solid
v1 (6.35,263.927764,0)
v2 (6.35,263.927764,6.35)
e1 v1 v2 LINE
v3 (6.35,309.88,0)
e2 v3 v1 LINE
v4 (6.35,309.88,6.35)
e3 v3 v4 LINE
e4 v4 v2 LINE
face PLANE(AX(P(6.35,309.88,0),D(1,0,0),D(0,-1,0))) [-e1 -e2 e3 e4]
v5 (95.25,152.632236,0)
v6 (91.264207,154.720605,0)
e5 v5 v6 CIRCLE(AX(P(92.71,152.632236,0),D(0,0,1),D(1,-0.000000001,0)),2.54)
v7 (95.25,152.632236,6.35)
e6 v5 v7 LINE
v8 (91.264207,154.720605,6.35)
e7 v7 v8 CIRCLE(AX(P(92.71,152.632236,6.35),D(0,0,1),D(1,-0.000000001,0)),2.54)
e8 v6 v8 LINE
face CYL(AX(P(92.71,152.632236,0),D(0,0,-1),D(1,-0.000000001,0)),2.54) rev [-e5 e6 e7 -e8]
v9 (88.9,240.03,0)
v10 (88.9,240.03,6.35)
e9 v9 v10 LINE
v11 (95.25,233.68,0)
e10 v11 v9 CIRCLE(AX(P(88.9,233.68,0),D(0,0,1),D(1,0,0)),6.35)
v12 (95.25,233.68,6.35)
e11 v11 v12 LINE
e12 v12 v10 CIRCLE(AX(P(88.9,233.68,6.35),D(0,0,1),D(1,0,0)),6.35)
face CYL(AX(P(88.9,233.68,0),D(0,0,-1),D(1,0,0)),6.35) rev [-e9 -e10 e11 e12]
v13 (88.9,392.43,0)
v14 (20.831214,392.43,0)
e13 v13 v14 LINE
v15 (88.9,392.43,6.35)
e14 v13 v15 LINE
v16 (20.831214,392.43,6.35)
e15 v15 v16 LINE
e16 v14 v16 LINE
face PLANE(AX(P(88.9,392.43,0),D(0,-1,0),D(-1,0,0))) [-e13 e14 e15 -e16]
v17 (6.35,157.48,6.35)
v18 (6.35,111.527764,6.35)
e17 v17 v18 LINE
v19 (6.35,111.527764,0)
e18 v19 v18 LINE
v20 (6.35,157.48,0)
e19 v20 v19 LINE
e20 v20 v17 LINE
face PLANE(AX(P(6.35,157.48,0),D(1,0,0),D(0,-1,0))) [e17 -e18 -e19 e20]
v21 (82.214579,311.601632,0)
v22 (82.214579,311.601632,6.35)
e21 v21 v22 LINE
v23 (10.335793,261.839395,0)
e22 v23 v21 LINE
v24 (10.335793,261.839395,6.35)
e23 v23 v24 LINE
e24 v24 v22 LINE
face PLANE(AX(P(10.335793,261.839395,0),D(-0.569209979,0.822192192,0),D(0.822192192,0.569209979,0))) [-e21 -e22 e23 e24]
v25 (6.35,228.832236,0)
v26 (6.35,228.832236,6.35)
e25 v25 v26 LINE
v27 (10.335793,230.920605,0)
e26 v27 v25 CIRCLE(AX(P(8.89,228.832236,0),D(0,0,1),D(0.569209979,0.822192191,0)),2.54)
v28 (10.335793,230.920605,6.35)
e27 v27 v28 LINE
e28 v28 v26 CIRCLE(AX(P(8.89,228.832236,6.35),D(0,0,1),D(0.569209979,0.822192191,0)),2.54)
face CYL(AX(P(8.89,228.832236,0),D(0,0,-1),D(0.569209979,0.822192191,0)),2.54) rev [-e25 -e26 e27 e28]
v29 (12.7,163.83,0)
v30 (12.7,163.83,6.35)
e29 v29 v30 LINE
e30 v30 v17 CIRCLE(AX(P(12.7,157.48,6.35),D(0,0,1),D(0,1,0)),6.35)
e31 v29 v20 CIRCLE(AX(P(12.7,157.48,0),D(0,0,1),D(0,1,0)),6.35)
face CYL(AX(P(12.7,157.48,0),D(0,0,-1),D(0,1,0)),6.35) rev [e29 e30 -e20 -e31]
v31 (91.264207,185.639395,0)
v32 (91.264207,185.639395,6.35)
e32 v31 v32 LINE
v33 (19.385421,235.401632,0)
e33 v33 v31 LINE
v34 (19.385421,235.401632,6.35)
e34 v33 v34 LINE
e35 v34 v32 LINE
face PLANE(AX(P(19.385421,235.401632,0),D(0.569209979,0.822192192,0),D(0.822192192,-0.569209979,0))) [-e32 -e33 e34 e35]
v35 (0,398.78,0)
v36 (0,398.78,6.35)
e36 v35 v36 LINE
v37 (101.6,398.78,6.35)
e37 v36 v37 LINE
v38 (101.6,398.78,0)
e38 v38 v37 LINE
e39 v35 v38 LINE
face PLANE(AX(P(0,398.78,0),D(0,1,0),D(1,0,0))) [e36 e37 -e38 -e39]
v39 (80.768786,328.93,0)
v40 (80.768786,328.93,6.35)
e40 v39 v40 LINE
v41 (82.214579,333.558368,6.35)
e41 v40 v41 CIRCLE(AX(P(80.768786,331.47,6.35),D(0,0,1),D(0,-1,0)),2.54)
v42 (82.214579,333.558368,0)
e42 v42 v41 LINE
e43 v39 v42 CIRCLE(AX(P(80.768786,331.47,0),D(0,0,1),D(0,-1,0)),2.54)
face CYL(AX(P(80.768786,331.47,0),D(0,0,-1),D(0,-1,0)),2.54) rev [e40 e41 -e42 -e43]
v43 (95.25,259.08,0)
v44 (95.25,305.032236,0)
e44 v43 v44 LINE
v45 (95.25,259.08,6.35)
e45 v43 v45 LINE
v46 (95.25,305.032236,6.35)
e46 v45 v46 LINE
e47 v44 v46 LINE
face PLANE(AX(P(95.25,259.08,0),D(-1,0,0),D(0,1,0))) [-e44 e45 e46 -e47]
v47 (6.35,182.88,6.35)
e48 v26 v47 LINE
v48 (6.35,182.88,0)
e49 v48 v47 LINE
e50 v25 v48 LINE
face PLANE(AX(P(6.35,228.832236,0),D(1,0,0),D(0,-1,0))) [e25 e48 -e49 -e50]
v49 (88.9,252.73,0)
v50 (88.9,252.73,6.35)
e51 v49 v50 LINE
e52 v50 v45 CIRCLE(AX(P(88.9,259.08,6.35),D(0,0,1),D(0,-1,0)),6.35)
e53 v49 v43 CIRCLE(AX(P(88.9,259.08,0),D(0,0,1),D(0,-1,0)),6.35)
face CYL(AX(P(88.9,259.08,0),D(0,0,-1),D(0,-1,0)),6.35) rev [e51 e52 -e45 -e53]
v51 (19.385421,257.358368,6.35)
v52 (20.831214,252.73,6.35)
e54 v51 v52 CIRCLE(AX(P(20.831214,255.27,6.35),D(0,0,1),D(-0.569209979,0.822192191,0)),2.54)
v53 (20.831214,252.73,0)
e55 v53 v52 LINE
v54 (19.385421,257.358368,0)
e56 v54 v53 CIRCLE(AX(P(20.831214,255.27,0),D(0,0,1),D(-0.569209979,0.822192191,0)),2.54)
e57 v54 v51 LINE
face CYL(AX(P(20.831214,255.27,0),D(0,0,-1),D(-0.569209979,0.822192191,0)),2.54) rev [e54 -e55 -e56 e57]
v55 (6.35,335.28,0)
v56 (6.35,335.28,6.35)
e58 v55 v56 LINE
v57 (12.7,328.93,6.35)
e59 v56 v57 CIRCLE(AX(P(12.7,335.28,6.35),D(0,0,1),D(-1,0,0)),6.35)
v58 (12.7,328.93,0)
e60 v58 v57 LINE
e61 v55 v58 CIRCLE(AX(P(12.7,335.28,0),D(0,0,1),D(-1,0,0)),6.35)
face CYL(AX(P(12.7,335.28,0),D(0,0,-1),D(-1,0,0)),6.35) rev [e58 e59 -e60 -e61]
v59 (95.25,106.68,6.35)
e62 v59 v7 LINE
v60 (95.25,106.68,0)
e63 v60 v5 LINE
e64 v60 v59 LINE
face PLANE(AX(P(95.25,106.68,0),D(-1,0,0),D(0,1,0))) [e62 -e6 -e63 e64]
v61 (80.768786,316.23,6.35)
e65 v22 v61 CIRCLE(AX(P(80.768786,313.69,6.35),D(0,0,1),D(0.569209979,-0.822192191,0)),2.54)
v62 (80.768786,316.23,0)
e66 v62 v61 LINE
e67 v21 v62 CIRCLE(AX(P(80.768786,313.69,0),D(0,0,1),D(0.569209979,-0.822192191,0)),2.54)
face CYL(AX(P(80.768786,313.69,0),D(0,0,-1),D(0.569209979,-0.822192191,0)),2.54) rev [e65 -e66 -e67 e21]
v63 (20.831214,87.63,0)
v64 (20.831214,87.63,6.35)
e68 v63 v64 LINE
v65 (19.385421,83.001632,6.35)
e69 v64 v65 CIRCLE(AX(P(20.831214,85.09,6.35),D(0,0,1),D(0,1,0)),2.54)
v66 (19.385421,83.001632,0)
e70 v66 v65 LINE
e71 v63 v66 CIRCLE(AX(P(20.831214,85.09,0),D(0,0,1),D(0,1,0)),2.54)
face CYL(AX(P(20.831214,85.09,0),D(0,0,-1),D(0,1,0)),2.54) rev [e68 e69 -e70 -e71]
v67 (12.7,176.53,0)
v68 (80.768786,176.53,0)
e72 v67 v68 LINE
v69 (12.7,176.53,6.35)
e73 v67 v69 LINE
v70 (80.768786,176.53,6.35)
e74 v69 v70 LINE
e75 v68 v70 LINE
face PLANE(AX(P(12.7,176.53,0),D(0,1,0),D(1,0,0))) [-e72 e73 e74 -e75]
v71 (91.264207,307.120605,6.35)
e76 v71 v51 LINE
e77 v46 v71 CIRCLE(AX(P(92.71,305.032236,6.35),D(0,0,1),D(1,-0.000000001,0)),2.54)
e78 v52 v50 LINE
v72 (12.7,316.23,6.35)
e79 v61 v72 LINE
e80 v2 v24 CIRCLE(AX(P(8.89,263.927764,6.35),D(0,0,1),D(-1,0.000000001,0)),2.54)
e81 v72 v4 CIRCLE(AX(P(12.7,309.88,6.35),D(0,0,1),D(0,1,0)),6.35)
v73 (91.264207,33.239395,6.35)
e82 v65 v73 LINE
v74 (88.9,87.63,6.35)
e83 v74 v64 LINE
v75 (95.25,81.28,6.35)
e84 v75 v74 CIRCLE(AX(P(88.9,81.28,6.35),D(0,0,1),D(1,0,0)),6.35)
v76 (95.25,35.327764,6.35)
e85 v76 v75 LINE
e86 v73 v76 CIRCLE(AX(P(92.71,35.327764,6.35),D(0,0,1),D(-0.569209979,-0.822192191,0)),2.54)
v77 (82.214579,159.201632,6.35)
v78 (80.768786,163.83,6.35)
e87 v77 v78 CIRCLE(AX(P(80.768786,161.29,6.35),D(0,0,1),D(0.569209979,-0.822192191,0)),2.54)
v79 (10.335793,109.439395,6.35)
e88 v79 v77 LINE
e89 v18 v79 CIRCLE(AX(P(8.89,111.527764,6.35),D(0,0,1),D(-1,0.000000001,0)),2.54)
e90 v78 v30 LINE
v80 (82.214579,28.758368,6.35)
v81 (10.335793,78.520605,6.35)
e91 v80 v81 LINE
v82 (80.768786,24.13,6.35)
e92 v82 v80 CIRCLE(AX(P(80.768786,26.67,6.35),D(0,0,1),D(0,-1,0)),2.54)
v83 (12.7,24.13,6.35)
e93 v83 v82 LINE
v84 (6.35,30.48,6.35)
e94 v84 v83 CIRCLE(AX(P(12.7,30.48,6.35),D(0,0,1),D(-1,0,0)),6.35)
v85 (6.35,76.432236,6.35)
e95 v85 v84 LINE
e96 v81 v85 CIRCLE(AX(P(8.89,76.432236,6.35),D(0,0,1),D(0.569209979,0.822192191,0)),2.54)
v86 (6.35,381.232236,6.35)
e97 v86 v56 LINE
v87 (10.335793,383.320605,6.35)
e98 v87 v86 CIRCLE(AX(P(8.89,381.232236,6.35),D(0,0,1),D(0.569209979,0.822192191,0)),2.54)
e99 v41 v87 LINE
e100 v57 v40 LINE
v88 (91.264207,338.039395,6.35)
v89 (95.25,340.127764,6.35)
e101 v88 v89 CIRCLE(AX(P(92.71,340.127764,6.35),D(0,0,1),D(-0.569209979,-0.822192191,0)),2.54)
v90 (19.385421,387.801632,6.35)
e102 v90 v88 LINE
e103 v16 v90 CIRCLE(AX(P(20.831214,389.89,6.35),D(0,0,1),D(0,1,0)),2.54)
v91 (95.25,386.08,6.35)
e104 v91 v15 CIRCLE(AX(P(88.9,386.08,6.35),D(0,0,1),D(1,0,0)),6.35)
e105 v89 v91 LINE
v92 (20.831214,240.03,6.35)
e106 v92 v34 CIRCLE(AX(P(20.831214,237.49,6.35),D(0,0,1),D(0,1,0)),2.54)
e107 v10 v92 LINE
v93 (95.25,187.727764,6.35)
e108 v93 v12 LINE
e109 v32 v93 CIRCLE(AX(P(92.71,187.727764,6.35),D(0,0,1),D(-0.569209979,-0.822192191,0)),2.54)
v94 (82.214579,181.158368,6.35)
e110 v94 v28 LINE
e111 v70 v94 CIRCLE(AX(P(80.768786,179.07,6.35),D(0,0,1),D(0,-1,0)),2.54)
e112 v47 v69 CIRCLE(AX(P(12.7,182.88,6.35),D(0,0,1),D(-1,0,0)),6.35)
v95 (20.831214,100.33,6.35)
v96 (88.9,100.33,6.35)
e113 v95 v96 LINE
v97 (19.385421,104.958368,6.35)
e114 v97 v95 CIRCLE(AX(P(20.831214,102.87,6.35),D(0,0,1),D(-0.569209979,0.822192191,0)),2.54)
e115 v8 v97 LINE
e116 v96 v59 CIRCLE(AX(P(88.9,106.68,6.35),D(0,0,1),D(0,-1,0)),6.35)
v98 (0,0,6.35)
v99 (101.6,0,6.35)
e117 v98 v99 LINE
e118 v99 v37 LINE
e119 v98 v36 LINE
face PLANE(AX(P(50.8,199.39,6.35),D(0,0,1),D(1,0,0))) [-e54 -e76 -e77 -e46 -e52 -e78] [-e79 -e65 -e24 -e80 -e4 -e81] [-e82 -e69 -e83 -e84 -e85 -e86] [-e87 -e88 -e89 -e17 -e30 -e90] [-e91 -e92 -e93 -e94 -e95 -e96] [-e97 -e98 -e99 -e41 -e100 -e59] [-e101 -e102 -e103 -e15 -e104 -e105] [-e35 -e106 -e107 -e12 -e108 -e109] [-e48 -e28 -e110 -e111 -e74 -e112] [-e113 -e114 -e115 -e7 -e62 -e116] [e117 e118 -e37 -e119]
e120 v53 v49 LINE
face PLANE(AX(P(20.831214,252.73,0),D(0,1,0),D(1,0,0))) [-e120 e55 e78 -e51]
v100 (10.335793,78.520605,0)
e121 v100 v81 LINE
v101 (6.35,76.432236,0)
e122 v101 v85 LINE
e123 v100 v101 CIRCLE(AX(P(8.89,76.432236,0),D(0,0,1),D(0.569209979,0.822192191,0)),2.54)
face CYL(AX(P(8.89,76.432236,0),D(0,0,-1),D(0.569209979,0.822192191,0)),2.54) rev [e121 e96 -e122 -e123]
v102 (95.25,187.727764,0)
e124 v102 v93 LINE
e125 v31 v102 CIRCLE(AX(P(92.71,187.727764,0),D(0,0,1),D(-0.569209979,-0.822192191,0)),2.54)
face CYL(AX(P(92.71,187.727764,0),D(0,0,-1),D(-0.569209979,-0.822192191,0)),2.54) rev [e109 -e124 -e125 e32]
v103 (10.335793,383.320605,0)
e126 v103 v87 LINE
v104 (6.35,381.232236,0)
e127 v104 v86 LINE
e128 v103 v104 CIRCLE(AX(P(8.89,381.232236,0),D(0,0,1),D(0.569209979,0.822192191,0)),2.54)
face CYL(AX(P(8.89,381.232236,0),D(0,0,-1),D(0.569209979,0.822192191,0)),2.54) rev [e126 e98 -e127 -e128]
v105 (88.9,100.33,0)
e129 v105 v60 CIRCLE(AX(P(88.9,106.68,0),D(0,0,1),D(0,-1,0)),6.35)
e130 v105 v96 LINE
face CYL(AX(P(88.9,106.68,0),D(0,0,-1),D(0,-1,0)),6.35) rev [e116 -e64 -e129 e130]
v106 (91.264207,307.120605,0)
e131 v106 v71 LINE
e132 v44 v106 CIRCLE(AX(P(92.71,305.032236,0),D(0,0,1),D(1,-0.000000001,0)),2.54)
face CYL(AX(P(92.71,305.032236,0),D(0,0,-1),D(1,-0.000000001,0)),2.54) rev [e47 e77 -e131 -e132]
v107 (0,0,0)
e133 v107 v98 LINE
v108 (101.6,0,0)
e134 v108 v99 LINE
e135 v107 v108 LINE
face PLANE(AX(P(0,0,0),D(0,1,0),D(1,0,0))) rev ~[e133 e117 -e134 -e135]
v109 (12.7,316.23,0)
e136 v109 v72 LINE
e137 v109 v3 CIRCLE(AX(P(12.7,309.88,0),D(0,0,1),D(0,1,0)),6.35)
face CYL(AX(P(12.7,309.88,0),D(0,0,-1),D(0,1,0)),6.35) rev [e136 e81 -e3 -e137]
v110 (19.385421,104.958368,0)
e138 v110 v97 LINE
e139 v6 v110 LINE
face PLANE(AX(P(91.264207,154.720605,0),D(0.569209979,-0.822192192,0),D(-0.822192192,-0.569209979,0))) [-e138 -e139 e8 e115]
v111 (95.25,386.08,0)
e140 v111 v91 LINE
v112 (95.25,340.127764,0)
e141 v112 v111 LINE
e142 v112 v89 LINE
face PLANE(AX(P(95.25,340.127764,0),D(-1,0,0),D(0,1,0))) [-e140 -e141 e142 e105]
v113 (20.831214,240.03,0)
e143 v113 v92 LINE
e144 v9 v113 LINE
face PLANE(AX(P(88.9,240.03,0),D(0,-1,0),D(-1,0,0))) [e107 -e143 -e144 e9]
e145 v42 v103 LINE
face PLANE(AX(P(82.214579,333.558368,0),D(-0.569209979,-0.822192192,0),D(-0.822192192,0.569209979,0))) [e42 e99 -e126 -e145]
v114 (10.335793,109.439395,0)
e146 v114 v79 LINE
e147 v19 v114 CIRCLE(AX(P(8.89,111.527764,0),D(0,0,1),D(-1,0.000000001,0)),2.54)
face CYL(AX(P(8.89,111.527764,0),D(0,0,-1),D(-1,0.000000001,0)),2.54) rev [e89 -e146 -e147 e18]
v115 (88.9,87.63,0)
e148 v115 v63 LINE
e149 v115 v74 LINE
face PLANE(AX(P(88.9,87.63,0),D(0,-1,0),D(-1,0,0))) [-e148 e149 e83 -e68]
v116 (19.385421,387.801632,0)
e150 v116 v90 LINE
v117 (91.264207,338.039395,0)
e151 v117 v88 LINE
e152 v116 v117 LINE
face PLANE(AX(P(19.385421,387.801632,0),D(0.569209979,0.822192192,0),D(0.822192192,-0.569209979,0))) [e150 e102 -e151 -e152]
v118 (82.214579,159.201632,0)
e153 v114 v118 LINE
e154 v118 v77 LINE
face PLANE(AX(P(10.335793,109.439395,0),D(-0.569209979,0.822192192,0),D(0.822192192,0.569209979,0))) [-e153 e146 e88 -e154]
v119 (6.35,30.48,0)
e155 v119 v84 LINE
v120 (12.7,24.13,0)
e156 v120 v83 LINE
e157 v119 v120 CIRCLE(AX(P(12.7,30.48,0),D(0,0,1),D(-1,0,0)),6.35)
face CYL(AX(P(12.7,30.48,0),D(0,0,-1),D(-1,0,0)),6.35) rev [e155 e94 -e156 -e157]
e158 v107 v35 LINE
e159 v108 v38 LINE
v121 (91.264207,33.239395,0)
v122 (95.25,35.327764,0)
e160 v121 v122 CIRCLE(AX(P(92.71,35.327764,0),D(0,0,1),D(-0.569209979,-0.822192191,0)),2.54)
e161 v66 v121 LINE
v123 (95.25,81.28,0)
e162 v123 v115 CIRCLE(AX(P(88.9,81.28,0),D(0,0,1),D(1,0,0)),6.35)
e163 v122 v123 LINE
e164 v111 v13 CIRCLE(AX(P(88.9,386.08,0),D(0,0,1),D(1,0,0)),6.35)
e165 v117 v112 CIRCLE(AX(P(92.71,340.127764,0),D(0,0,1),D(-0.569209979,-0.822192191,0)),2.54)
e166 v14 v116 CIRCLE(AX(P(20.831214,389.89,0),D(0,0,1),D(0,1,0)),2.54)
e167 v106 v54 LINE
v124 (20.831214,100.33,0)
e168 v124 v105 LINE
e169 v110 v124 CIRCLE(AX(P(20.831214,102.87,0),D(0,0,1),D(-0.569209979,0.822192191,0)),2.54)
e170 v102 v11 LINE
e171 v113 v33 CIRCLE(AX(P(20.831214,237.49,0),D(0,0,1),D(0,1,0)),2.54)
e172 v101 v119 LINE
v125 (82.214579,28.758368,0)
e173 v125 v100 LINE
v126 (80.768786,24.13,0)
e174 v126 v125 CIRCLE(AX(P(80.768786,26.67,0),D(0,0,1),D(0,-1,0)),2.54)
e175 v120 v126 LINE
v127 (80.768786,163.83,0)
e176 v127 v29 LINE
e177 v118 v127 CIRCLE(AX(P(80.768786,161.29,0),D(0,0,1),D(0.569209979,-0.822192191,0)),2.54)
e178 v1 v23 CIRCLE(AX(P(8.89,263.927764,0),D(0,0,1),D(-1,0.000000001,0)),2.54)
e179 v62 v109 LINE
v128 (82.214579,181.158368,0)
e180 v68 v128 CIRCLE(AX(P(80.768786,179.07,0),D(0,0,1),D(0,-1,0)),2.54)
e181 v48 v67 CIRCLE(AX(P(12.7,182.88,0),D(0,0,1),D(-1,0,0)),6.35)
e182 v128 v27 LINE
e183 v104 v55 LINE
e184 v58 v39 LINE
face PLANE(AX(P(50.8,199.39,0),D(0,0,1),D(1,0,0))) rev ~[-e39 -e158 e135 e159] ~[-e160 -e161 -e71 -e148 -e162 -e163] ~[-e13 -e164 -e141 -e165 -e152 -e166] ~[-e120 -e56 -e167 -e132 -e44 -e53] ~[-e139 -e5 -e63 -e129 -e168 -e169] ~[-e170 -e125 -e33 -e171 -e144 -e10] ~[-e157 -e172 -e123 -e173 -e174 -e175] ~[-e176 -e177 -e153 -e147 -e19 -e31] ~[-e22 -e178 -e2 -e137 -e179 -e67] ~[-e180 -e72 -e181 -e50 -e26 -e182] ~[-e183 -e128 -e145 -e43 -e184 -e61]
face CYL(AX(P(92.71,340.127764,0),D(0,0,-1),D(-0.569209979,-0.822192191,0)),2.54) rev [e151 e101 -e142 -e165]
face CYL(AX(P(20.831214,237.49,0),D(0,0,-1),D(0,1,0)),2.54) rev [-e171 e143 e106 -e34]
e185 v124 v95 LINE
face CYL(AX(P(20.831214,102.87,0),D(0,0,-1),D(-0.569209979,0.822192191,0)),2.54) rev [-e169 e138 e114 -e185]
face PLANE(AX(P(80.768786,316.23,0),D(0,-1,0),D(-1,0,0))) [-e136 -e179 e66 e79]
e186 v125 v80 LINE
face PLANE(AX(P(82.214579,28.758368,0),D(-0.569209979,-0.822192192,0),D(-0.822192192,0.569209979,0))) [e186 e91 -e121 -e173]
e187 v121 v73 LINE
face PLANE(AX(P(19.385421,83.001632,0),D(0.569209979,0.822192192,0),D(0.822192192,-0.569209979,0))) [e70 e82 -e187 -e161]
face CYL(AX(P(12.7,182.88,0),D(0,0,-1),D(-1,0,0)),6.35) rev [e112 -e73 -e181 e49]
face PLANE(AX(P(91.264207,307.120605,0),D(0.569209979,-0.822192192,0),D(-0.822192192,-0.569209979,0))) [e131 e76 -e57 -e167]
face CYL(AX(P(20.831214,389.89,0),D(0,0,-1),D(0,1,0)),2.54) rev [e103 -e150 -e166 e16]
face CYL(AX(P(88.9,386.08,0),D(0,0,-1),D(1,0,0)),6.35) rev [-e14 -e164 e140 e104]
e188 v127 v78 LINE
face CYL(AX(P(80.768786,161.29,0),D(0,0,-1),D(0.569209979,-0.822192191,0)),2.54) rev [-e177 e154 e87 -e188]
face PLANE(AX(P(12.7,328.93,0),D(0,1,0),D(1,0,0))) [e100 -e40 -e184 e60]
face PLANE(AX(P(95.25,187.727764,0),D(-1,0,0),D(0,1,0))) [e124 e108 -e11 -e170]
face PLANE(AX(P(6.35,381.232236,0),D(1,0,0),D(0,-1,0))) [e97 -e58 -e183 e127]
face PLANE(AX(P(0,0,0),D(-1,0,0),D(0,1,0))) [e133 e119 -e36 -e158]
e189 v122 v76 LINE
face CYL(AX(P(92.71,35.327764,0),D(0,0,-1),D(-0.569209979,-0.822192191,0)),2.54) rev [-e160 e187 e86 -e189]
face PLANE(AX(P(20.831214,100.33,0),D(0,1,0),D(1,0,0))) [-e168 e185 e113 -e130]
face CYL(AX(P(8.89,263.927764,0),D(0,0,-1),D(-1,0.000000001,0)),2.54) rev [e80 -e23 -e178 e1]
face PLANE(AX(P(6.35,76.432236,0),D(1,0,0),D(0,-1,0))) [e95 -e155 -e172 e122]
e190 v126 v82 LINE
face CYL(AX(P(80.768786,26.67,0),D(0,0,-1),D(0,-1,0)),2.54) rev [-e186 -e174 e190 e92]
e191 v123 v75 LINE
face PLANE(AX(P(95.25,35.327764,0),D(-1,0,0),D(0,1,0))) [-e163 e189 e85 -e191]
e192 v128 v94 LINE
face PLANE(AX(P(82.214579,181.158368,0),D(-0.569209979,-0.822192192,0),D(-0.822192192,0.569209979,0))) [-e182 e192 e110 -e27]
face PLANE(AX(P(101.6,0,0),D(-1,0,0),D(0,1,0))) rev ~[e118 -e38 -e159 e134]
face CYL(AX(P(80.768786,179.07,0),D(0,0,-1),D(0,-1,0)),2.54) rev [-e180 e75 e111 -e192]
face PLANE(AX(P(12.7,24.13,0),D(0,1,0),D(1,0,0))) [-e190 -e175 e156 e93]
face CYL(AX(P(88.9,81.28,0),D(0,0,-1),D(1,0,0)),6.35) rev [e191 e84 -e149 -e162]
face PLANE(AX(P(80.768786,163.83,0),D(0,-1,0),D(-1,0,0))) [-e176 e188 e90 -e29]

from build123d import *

# Parameters (mm, degrees)
MODEL_W             = 101.6
MODEL_H             = 398.78
BOSS_EXTRUDE1_DEPTH = 6.35


with BuildPart() as part:
    # Model → Boss-Extrude1 (new body)
    with BuildSketch(Plane.XY):
        with Locations((50.8, 199.39)):
            Rectangle(MODEL_W, MODEL_H)
        with BuildLine():
            Line((88.9, 87.63), (20.83121403, 87.63))
            ThreePointArc((20.83121403, 87.63), (18.406749642, 85.847345646), (19.385420684, 83.001631833))
            Line((19.385420684, 83.001631833), (91.264206654, 33.239395393))
            ThreePointArc((91.264206654, 33.239395393), (93.888830968, 33.077884107), (95.25, 35.32776356))
            Line((95.25, 35.32776356), (95.25, 81.28))
            ThreePointArc((95.25, 81.28), (93.390128061, 85.770128061), (88.9, 87.63))
        make_face(mode=Mode.SUBTRACT)
        with BuildLine():
            Line((6.35, 157.48), (6.35, 111.52776356))
            ThreePointArc((6.35, 111.52776356), (7.711169032, 109.277884107), (10.335793346, 109.439395393))
            Line((10.335793346, 109.439395393), (82.214579316, 159.201631833))
            ThreePointArc((82.214579316, 159.201631833), (83.193250358, 162.047345646), (80.76878597, 163.83))
            Line((80.76878597, 163.83), (12.7, 163.83))
            ThreePointArc((12.7, 163.83), (8.209871939, 161.970128061), (6.35, 157.48))
        make_face(mode=Mode.SUBTRACT)
        with BuildLine():
            Line((88.9, 240.03), (20.83121403, 240.03))
            ThreePointArc((20.83121403, 240.03), (18.406749642, 238.247345646), (19.385420684, 235.401631833))
            Line((19.385420684, 235.401631833), (91.264206654, 185.639395393))
            ThreePointArc((91.264206654, 185.639395393), (93.888830968, 185.477884107), (95.25, 187.72776356))
            Line((95.25, 187.72776356), (95.25, 233.68))
            ThreePointArc((95.25, 233.68), (93.390128061, 238.170128061), (88.9, 240.03))
        make_face(mode=Mode.SUBTRACT)
        with BuildLine():
            Line((12.7, 176.53), (80.76878597, 176.53))
            ThreePointArc((80.76878597, 176.53), (83.193250358, 178.312654354), (82.214579316, 181.158368167))
            Line((82.214579316, 181.158368167), (10.335793346, 230.920604607))
            ThreePointArc((10.335793346, 230.920604607), (7.711169032, 231.082115893), (6.35, 228.83223644))
            Line((6.35, 228.83223644), (6.35, 182.88))
            ThreePointArc((6.35, 182.88), (8.209871939, 178.389871939), (12.7, 176.53))
        make_face(mode=Mode.SUBTRACT)
        with BuildLine():
            Line((91.264206654, 154.720604607), (19.385420684, 104.958368167))
            ThreePointArc((19.385420684, 104.958368167), (18.406749642, 102.112654354), (20.83121403, 100.33))
            Line((20.83121403, 100.33), (88.9, 100.33))
            ThreePointArc((88.9, 100.33), (93.390128061, 102.189871939), (95.25, 106.68))
            Line((95.25, 106.68), (95.25, 152.63223644))
            ThreePointArc((95.25, 152.63223644), (93.888830968, 154.882115893), (91.264206654, 154.720604607))
        make_face(mode=Mode.SUBTRACT)
        with BuildLine():
            Line((6.35, 309.88), (6.35, 263.92776356))
            ThreePointArc((6.35, 263.92776356), (7.711169032, 261.677884107), (10.335793346, 261.839395393))
            Line((10.335793346, 261.839395393), (82.214579316, 311.601631833))
            ThreePointArc((82.214579316, 311.601631833), (83.193250358, 314.447345646), (80.76878597, 316.23))
            Line((80.76878597, 316.23), (12.7, 316.23))
            ThreePointArc((12.7, 316.23), (8.209871939, 314.370128061), (6.35, 309.88))
        make_face(mode=Mode.SUBTRACT)
        with BuildLine():
            Line((88.9, 392.43), (20.83121403, 392.43))
            ThreePointArc((20.83121403, 392.43), (18.406749642, 390.647345646), (19.385420684, 387.801631833))
            Line((19.385420684, 387.801631833), (91.264206654, 338.039395393))
            ThreePointArc((91.264206654, 338.039395393), (93.888830968, 337.877884107), (95.25, 340.12776356))
            Line((95.25, 340.12776356), (95.25, 386.08))
            ThreePointArc((95.25, 386.08), (93.390128061, 390.570128061), (88.9, 392.43))
        make_face(mode=Mode.SUBTRACT)
        with BuildLine():
            Line((12.7, 328.93), (80.76878597, 328.93))
            ThreePointArc((80.76878597, 328.93), (83.193250358, 330.712654354), (82.214579316, 333.558368167))
            Line((82.214579316, 333.558368167), (10.335793346, 383.320604607))
            ThreePointArc((10.335793346, 383.320604607), (7.711169032, 383.482115893), (6.35, 381.23223644))
            Line((6.35, 381.23223644), (6.35, 335.28))
            ThreePointArc((6.35, 335.28), (8.209871939, 330.789871939), (12.7, 328.93))
        make_face(mode=Mode.SUBTRACT)
        with BuildLine():
            Line((12.7, 24.13), (80.76878597, 24.13))
            ThreePointArc((80.76878597, 24.13), (83.193250358, 25.912654354), (82.214579316, 28.758368167))
            Line((82.214579316, 28.758368167), (10.335793346, 78.520604607))
            ThreePointArc((10.335793346, 78.520604607), (7.711169032, 78.682115893), (6.35, 76.43223644))
            Line((6.35, 76.43223644), (6.35, 30.48))
            ThreePointArc((6.35, 30.48), (8.209871939, 25.989871939), (12.7, 24.13))
        make_face(mode=Mode.SUBTRACT)
        with BuildLine():
            Line((91.264206654, 307.120604607), (19.385420684, 257.358368167))
            ThreePointArc((19.385420684, 257.358368167), (18.406749642, 254.512654354), (20.83121403, 252.73))
            Line((20.83121403, 252.73), (88.9, 252.73))
            ThreePointArc((88.9, 252.73), (93.390128061, 254.589871939), (95.25, 259.08))
            Line((95.25, 259.08), (95.25, 305.03223644))
            ThreePointArc((95.25, 305.03223644), (93.888830968, 307.282115893), (91.264206654, 307.120604607))
        make_face(mode=Mode.SUBTRACT)
    extrude(amount=BOSS_EXTRUDE1_DEPTH)


solid = part.part
